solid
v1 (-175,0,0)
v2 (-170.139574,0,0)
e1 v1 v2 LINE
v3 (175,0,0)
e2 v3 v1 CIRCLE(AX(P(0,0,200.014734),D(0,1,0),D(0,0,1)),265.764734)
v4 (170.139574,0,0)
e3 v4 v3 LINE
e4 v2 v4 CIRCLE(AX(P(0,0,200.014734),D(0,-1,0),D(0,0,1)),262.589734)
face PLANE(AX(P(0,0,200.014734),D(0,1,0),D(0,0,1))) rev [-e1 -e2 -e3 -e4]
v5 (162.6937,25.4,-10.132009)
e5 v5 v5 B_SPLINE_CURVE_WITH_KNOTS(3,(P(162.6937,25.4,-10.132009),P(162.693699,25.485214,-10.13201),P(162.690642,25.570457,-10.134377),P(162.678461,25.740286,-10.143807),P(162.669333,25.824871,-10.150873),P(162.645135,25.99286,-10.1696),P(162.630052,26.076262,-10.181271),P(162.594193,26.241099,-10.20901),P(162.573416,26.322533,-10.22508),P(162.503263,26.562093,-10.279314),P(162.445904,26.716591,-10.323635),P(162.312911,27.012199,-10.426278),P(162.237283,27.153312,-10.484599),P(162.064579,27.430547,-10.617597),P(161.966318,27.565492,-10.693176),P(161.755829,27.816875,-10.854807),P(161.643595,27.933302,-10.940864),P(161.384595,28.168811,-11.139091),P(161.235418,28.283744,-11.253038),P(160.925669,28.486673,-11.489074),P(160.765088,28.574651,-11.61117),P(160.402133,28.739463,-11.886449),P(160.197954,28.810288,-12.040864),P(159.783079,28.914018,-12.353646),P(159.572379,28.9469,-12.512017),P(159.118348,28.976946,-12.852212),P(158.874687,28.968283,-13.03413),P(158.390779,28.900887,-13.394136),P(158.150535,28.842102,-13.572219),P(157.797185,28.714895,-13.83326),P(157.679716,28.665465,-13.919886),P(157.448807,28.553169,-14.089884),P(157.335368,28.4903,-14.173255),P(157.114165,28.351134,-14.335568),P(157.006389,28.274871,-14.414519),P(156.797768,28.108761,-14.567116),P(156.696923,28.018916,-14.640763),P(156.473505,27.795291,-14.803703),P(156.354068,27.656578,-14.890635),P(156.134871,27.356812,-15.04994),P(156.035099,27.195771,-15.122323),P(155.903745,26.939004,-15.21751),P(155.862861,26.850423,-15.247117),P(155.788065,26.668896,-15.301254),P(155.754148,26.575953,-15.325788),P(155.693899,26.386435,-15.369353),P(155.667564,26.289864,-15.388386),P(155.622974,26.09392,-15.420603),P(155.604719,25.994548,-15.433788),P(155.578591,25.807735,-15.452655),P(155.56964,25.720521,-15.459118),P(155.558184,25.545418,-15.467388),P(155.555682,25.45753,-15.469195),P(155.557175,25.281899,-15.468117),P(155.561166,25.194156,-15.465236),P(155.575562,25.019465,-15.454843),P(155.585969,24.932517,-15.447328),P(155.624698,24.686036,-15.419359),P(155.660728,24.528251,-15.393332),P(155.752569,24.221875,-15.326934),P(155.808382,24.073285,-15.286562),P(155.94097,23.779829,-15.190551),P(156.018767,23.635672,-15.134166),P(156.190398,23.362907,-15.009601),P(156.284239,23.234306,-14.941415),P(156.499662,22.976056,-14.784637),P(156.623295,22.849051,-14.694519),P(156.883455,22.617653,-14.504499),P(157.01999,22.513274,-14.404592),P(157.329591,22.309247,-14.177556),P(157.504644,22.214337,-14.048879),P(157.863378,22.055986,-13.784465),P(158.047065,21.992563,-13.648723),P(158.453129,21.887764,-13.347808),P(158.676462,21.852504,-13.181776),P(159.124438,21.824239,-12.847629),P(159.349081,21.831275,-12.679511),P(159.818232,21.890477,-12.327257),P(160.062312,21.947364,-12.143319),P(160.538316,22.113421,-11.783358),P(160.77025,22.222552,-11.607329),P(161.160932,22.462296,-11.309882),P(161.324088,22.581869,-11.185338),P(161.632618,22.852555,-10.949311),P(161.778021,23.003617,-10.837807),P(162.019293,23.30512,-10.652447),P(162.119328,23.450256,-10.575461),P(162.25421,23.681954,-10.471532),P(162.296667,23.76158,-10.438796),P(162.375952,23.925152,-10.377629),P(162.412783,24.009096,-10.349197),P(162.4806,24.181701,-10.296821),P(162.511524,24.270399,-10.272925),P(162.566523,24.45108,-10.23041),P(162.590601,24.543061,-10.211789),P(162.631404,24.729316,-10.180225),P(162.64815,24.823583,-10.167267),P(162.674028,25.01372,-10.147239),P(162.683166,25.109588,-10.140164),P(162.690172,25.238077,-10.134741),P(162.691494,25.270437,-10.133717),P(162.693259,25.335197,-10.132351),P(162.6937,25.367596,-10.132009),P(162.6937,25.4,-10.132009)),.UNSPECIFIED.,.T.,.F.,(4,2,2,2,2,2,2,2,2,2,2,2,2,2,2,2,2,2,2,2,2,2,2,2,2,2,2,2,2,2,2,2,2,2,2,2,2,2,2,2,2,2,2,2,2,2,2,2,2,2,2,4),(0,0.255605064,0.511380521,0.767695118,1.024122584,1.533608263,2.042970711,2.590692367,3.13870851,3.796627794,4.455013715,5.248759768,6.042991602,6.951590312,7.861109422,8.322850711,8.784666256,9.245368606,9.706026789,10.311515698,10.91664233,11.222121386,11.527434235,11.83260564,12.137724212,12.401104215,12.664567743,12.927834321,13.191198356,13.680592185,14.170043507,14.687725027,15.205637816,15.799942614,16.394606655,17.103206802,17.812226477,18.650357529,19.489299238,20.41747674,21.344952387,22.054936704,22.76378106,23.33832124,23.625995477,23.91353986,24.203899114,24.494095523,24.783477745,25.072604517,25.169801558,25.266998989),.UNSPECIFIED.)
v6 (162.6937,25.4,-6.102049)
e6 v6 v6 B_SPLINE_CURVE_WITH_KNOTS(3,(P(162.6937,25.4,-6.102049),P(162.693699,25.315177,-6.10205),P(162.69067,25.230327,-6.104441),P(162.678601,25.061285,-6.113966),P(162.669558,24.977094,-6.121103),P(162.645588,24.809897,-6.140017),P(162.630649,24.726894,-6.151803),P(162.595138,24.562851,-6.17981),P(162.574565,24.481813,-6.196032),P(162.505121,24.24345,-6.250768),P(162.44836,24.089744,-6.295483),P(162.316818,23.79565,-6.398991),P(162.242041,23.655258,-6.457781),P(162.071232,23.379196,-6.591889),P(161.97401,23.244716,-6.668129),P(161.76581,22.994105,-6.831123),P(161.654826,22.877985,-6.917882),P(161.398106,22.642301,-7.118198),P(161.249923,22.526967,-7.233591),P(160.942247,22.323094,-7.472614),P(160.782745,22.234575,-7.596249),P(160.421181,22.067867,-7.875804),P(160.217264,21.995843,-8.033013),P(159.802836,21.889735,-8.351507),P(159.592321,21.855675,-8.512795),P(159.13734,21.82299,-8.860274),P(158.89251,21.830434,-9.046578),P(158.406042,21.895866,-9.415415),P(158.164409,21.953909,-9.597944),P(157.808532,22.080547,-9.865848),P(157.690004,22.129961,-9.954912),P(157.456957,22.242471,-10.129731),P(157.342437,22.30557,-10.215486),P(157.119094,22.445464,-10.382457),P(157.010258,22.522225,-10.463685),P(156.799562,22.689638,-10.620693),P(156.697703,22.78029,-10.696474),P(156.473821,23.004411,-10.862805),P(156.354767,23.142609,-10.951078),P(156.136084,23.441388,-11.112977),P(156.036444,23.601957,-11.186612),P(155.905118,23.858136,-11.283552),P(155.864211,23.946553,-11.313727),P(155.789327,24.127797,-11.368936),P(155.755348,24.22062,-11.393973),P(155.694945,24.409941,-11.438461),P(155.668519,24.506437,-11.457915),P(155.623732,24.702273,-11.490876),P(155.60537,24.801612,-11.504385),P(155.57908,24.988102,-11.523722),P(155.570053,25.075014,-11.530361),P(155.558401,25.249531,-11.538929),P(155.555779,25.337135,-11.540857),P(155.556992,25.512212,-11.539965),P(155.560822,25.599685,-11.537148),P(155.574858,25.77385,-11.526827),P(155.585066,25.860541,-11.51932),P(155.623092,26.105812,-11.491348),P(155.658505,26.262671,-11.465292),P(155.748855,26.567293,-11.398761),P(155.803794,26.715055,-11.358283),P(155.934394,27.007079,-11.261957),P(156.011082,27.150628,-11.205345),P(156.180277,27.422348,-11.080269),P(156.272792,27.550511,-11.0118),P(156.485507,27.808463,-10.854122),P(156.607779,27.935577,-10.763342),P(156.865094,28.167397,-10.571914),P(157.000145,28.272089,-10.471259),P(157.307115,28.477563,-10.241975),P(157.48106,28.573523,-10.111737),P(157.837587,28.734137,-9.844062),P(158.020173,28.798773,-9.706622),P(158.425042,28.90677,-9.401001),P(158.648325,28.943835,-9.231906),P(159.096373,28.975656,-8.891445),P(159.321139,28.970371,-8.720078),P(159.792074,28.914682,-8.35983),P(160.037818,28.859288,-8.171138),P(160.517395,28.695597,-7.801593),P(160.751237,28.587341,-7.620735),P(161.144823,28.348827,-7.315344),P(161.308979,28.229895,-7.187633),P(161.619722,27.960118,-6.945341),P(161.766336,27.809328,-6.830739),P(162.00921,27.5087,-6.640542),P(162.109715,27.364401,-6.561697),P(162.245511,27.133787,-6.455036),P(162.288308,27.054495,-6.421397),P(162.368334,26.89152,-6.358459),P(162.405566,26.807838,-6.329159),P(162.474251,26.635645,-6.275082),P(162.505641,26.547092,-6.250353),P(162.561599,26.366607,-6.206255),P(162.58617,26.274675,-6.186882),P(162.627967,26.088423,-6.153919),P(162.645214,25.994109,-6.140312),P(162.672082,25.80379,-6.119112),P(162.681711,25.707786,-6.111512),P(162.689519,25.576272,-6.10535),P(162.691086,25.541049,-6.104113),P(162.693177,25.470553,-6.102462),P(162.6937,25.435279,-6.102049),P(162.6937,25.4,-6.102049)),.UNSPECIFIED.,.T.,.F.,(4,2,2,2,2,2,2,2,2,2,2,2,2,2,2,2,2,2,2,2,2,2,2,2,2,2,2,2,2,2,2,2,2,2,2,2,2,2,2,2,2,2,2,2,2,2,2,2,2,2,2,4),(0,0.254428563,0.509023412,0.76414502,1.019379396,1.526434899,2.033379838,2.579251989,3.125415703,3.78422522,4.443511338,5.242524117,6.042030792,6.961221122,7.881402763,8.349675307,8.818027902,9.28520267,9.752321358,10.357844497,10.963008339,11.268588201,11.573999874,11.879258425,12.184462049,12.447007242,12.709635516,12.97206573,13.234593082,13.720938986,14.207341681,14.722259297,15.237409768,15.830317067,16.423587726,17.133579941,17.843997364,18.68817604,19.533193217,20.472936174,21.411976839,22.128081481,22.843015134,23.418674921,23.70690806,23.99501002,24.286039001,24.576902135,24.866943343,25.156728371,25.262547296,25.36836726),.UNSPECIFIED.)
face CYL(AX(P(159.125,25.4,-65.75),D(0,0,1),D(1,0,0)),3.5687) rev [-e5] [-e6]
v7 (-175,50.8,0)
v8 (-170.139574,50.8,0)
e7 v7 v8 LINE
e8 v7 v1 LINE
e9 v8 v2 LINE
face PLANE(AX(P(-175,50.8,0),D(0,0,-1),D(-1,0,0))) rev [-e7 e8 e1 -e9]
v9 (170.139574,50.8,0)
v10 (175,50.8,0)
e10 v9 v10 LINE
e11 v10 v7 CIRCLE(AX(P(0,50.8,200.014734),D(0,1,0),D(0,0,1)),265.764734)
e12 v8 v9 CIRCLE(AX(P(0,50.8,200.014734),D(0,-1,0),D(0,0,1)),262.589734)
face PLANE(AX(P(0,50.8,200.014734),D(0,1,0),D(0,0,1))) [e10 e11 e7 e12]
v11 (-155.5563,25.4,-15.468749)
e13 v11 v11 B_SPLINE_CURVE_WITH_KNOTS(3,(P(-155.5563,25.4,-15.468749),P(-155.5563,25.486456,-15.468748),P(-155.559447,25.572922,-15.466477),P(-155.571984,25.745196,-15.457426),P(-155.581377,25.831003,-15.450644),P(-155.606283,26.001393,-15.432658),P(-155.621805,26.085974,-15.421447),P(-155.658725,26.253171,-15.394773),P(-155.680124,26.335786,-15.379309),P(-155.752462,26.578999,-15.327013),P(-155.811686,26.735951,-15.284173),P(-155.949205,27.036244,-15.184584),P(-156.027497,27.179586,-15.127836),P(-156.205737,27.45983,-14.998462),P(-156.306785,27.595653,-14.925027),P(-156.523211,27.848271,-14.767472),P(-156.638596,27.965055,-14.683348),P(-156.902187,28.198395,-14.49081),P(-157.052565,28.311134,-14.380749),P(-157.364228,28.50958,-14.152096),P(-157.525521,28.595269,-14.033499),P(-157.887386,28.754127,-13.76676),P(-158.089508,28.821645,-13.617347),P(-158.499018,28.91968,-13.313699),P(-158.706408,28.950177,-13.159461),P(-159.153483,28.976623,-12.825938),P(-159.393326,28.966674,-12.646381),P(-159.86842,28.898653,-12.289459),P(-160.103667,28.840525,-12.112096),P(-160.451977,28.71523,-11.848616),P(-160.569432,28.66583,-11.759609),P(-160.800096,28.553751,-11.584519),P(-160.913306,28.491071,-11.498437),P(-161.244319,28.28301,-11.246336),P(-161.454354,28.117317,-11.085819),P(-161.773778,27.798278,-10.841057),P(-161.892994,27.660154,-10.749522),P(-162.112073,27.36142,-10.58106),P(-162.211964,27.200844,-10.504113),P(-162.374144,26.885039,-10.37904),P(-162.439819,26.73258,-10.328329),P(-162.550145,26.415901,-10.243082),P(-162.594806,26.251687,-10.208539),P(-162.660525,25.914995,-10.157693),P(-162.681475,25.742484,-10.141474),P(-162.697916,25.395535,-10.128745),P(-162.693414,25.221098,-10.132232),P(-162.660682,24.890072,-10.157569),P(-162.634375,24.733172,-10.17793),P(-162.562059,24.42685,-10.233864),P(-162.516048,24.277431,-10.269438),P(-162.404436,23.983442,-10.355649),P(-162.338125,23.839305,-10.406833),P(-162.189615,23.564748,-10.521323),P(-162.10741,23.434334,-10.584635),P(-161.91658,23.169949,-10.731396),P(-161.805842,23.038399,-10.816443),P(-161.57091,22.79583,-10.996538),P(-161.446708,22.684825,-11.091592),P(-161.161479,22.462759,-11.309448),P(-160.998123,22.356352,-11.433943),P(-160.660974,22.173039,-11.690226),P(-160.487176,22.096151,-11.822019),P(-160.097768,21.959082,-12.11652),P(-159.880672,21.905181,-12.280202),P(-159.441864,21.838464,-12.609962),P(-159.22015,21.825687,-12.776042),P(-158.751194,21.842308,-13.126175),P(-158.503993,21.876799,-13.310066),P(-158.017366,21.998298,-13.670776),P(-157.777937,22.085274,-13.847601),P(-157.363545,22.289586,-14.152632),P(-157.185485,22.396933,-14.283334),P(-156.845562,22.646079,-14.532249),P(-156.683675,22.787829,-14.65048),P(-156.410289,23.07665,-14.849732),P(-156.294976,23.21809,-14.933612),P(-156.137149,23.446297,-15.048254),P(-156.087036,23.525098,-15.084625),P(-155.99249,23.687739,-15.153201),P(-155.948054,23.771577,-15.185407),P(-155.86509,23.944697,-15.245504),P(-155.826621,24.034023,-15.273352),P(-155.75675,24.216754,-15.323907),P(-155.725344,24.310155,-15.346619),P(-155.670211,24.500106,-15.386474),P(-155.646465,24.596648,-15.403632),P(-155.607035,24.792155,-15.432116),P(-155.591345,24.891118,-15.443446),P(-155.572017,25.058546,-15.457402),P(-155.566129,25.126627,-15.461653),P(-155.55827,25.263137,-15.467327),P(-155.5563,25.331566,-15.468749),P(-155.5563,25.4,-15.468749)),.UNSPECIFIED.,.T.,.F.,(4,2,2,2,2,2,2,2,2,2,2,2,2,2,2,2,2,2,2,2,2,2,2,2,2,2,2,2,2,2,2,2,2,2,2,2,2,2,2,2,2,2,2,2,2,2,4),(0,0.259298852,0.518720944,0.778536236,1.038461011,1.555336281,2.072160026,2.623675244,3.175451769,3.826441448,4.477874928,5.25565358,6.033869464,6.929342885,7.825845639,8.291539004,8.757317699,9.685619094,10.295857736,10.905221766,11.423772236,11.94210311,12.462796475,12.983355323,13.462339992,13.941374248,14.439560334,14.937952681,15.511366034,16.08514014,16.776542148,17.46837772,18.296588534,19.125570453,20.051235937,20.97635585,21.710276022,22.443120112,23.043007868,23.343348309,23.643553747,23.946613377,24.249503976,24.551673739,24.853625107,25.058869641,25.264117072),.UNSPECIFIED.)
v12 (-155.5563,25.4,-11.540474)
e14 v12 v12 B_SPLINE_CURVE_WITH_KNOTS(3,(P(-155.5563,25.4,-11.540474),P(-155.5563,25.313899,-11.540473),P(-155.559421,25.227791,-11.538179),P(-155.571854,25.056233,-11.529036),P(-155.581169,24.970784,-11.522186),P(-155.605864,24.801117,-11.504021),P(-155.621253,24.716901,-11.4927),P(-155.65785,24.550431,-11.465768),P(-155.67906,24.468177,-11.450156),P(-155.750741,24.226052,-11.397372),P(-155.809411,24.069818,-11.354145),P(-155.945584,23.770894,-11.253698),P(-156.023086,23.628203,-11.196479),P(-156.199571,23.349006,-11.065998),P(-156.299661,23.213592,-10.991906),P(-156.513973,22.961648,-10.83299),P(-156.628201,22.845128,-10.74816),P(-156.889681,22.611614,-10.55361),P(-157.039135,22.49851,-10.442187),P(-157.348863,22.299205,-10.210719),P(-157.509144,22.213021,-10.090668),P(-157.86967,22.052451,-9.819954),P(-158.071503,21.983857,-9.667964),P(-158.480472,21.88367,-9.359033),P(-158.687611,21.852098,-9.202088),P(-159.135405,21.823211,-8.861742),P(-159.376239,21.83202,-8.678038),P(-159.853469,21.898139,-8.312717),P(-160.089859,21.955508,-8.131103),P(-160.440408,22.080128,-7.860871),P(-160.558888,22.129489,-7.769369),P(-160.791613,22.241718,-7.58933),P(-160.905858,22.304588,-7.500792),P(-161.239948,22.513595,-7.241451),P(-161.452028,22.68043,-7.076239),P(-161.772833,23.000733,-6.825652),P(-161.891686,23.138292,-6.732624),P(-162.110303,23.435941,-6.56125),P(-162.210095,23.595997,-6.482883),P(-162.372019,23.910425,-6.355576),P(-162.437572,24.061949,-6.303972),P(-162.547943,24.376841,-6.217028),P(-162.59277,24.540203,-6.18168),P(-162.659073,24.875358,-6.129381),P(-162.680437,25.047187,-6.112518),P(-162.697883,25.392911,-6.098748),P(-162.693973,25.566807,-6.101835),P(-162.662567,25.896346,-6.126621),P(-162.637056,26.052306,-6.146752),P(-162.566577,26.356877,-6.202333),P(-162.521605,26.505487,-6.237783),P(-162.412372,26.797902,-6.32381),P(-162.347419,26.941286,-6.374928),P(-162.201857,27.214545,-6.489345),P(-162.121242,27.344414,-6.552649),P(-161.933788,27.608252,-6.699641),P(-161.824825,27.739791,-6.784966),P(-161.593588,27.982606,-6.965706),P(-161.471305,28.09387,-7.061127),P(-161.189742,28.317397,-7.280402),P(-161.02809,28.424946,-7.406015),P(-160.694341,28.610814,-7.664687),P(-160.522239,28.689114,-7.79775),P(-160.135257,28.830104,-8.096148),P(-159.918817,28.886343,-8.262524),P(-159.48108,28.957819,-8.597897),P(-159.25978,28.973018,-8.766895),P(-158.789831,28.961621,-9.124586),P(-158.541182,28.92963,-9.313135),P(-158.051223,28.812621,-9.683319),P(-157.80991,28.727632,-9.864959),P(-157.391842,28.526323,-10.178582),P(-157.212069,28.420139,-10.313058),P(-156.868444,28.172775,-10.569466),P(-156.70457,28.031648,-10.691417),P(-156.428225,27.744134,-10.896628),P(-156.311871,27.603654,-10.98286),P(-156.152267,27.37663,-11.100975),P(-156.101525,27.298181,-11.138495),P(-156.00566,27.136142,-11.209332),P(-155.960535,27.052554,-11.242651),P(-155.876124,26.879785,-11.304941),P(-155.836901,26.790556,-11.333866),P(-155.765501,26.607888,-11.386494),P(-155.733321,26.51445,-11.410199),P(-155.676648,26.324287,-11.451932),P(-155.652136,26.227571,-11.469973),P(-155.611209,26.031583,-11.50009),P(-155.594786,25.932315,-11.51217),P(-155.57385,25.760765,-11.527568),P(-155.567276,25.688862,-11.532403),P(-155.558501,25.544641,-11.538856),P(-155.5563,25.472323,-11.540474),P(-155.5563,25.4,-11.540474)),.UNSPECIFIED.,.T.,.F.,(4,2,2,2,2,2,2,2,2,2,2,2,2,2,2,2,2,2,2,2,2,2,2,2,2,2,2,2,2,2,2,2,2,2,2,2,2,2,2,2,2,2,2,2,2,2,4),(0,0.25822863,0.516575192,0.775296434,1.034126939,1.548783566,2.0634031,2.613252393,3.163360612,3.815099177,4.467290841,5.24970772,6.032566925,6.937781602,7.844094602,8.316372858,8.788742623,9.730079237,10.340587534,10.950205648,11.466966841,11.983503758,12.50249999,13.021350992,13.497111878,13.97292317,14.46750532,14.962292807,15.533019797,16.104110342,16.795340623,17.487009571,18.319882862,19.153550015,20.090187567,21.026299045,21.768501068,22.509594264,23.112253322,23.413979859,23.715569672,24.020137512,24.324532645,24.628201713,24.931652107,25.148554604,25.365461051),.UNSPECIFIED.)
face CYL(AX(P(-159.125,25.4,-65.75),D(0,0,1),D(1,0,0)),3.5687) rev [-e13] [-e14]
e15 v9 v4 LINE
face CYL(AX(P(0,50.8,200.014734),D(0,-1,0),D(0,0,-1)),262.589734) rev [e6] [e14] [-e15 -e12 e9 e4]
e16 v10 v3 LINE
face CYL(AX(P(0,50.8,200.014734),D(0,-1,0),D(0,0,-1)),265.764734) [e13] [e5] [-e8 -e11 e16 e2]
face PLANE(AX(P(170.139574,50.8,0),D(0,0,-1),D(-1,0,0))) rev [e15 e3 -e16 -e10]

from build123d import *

# Parameters (mm, degrees)
CURVED_PLATE_DEPTH   = 50.8
SKETCH3_R            = 3.5687
MOUNTING_HOLES_DEPTH = 66.75


with BuildPart() as part:
    # Sketch1 → Curved Plate (new body)
    with BuildSketch(Plane(origin=(0, 0, 0), x_dir=(1, 0, 0), z_dir=(0, 1, 0))):
        with BuildLine():
            Line((170.139573777, 0), (175, 0))
            ThreePointArc((175, 0), (0, 65.75), (-175, 0))
            Line((-175, 0), (-170.139573777, 0))
            ThreePointArc((-170.139573777, 0), (0, 62.575), (170.139573777, 0))
        make_face()
    extrude(amount=CURVED_PLATE_DEPTH)

    # Sketch3 → Mounting Holes (cut, through all)
    with BuildSketch(Plane.XY):
        with Locations((-159.125, 25.4)):
            Circle(SKETCH3_R)
        with Locations((159.125, 25.4)):
            Circle(SKETCH3_R)
    extrude(amount=-MOUNTING_HOLES_DEPTH, mode=Mode.SUBTRACT)


solid = part.part
